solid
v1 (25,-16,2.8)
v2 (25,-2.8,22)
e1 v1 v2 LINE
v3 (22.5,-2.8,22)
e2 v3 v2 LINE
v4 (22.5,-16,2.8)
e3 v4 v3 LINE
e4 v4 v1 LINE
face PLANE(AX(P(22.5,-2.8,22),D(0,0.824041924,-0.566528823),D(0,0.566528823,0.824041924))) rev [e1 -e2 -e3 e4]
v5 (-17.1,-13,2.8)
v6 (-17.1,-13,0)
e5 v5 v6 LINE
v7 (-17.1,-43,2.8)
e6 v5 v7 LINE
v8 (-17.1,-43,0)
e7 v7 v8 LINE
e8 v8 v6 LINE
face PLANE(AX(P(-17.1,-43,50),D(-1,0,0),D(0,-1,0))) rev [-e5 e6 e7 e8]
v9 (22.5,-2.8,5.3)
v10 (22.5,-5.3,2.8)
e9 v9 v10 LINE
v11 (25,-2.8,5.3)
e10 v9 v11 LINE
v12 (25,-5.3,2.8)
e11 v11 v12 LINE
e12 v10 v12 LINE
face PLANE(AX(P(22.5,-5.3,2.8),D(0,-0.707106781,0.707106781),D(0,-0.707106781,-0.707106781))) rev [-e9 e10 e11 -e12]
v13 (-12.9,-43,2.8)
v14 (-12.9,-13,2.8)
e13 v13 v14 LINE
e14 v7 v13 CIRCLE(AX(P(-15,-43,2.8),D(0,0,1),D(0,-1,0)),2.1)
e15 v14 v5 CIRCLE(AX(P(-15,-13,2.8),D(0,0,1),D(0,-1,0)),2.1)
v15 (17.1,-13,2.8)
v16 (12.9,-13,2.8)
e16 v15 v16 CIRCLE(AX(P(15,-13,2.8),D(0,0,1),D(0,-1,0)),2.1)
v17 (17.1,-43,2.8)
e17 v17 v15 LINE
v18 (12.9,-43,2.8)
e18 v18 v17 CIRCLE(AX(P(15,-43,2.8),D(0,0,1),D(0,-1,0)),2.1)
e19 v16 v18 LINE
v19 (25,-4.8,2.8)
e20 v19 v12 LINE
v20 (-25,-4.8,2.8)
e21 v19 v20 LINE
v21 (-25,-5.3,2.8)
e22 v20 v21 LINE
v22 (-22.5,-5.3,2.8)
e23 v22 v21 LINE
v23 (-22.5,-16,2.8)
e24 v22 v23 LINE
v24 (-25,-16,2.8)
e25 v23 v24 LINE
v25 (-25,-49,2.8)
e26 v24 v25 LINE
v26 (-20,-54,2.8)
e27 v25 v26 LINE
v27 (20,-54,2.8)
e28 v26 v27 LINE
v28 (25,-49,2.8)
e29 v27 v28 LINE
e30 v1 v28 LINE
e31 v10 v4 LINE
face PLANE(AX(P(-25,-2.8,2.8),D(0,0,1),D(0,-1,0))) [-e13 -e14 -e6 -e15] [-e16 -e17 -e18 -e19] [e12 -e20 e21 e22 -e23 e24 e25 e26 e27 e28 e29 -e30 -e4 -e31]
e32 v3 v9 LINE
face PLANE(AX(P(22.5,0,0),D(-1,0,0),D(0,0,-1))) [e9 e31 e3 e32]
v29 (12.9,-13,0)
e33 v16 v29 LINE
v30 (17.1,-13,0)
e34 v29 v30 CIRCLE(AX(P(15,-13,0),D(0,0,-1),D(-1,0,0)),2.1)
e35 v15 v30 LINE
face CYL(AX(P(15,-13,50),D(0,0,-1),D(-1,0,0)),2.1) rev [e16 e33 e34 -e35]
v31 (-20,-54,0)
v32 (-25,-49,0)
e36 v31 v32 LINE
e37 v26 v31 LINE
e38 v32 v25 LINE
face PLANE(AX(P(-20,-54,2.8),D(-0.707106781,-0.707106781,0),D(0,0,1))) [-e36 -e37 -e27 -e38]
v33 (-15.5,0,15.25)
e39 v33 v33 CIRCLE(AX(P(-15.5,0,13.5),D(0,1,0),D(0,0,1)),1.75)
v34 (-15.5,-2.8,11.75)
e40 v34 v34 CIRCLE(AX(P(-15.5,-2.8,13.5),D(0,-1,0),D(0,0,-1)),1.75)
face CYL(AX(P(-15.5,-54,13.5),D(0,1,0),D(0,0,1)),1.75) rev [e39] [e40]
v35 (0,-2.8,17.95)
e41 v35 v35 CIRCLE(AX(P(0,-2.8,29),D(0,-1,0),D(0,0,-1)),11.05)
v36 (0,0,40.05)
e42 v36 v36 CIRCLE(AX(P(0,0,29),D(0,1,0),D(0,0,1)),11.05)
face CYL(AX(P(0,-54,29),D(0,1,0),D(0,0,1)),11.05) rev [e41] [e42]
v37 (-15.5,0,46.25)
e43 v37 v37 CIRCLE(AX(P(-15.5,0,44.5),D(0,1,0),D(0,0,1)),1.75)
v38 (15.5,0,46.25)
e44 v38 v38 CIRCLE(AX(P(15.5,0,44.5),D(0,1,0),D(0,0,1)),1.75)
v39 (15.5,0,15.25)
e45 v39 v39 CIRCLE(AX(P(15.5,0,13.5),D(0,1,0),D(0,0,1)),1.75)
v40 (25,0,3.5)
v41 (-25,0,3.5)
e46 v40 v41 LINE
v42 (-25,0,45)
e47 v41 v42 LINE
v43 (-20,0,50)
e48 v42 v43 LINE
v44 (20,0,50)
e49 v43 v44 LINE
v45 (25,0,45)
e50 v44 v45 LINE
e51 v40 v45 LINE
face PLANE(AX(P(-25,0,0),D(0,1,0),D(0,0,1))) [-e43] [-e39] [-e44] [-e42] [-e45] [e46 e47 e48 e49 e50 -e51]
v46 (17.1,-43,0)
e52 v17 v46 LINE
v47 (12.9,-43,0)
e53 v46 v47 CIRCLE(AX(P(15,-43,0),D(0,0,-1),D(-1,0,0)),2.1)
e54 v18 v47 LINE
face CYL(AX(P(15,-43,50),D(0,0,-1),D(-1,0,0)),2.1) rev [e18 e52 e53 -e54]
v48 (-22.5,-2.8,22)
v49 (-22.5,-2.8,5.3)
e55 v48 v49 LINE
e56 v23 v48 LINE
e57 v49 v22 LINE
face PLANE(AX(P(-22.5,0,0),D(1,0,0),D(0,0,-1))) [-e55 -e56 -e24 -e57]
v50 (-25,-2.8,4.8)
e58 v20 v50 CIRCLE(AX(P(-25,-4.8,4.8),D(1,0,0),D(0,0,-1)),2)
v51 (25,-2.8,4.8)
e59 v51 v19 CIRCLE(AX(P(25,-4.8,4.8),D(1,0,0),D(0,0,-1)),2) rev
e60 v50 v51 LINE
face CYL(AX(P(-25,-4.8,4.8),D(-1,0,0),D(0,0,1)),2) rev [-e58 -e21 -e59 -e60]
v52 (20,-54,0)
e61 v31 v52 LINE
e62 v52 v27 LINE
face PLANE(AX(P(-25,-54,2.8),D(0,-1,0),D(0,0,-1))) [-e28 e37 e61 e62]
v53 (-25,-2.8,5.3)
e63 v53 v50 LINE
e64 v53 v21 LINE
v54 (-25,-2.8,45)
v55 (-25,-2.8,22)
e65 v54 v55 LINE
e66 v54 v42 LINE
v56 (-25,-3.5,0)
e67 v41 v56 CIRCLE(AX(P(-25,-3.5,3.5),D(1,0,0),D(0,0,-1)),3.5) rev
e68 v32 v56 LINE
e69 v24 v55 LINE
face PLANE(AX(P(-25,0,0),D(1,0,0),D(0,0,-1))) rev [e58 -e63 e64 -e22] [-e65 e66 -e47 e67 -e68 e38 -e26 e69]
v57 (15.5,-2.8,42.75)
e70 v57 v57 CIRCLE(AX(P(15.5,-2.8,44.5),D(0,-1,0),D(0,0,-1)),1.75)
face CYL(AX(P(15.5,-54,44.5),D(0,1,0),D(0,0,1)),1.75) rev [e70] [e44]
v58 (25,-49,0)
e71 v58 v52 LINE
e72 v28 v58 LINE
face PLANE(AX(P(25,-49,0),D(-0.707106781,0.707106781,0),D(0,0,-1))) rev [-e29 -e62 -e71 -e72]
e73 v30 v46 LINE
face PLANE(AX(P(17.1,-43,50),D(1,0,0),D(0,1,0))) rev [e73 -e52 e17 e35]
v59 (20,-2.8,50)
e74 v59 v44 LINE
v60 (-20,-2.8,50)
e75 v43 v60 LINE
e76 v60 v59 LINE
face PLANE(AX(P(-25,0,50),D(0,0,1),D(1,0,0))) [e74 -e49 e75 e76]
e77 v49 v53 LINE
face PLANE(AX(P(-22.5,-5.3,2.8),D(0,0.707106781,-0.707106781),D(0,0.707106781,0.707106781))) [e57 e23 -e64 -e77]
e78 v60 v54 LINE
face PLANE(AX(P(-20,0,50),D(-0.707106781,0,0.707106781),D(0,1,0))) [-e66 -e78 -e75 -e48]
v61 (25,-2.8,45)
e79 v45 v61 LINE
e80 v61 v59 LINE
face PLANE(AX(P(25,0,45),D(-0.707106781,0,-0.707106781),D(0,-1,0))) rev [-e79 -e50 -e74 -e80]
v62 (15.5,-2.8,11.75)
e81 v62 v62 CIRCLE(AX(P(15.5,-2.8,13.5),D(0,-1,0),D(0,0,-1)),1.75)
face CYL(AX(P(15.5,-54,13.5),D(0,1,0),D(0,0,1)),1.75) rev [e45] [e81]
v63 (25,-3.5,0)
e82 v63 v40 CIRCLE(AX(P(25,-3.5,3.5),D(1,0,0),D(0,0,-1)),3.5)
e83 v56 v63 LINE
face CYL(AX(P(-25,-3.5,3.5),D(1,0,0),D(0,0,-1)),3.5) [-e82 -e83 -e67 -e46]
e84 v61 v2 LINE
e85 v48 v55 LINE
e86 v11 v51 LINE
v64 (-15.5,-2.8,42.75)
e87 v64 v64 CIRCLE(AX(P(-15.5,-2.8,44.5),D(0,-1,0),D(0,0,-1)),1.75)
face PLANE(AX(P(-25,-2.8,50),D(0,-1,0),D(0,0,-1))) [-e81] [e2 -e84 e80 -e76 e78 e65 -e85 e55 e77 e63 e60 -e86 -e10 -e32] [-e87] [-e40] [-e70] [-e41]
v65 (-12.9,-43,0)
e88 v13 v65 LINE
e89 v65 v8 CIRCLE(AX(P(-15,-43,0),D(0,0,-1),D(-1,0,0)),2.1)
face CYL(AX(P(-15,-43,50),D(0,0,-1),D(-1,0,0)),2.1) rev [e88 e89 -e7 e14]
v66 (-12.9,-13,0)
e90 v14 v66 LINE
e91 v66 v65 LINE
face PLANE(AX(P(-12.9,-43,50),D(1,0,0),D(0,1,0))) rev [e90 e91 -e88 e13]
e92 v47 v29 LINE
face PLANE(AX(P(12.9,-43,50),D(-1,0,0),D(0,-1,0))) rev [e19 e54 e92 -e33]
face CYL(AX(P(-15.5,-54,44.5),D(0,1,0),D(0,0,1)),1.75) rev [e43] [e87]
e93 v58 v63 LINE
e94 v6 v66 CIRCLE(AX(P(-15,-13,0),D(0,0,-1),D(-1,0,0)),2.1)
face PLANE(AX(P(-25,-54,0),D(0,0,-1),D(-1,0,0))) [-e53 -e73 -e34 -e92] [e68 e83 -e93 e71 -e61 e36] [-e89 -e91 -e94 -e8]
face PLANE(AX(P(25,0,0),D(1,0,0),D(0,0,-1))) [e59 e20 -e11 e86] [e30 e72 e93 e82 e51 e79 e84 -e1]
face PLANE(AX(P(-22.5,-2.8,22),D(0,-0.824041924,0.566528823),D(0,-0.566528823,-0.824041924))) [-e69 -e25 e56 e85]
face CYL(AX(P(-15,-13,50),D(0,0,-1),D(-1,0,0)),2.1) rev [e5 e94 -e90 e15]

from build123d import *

# Parameters (mm, degrees)
BOSS_EXTRUDE1_DEPTH      = 25
BOSS_EXTRUDE1_DEPTH_BACK = 25
SKETCH3_R                = 11.05
SKETCH3_R_2              = 1.75
CUT_EXTRUDE1_DEPTH       = 78.723870207
CUT_EXTRUDE2_DEPTH       = 78.723870207
CHAMFER1_SIZE            = 5
FILLET1_R                = 2
FILLET2_R                = 3.5
BOSS_EXTRUDE2_DEPTH      = 2.5


with BuildPart() as part:
    # Sketch1 → Boss-Extrude1 (new, two sides: drawn at the far end of the back side and taken through both)
    with BuildSketch(Plane(origin=(0, 0, 0), x_dir=(0, 0, -1), z_dir=(1, 0, 0)).offset(-BOSS_EXTRUDE1_DEPTH_BACK)):
        Polygon((-50, 0), (-50, -2.8), (-2.8, -2.8), (-2.8, -54), (0, -54), (0, 0), align=None)
    extrude(amount=BOSS_EXTRUDE1_DEPTH + BOSS_EXTRUDE1_DEPTH_BACK)

    # Sketch3 → Cut-Extrude1 (cut, through all)
    with BuildSketch(Plane(origin=(0, 0, 0), x_dir=(1, 0, 0), z_dir=(0, 1, 0))):
        with Locations((0, -29)):
            Circle(SKETCH3_R)
        with Locations((-15.5, -13.5)):
            Circle(SKETCH3_R_2)
        with Locations((15.5, -13.5)):
            Circle(SKETCH3_R_2)
        with Locations((15.5, -44.5)):
            Circle(SKETCH3_R_2)
        with Locations((-15.5, -44.5)):
            Circle(SKETCH3_R_2)
    extrude(amount=-CUT_EXTRUDE1_DEPTH, mode=Mode.SUBTRACT)

    # Sketch4 → Cut-Extrude2 (cut, through all)
    with BuildSketch(Plane(origin=(0, 0, 0), x_dir=(-1, 0, 0), z_dir=(0, 0, -1))):
        with BuildLine():
            Line((-17.1, -43), (-17.1, -13))
            ThreePointArc((-17.1, -13), (-15, -10.9), (-12.9, -13))
            Line((-12.9, -13), (-12.9, -43))
            ThreePointArc((-12.9, -43), (-15, -45.1), (-17.1, -43))
        make_face()
        with BuildLine():
            Line((12.9, -43), (12.9, -13))
            ThreePointArc((12.9, -13), (15, -10.9), (17.1, -13))
            Line((17.1, -13), (17.1, -43))
            ThreePointArc((17.1, -43), (15, -45.1), (12.9, -43))
        make_face()
    extrude(amount=-CUT_EXTRUDE2_DEPTH, mode=Mode.SUBTRACT)

    # Chamfer1
    chamfer1_edges = [part.edges().sort_by_distance(p)[0] for p in [
        (25, -54, 1.4),
        (-25, -54, 1.4),
        (-25, -1.4, 50),
        (25, -1.4, 50),
    ]]
    chamfer(chamfer1_edges, length=CHAMFER1_SIZE)

    # Fillet1
    fillet1_edges = [part.edges().sort_by_distance(p)[0] for p in [
        (0, -2.8, 2.8),
    ]]
    fillet(fillet1_edges, radius=FILLET1_R)

    # Fillet2
    fillet2_edges = [part.edges().sort_by_distance(p)[0] for p in [
        (0, 0, 0),
    ]]
    fillet(fillet2_edges, radius=FILLET2_R)

    # Sketch5 → Boss-Extrude2 (add)
    with BuildSketch(Plane.ZY.offset(25)):
        Polygon((2.8, -5.3), (5.3, -2.8), (22, -2.8), (2.8, -16), align=None)
    boss_extrude2 = extrude(amount=-BOSS_EXTRUDE2_DEPTH)

    # Mirror1: Boss-Extrude2 across plane
    add(boss_extrude2.mirror(Plane(origin=(0, 0, 0), x_dir=(0, 0, 1), z_dir=(1, 0, 0))))


solid = part.part
